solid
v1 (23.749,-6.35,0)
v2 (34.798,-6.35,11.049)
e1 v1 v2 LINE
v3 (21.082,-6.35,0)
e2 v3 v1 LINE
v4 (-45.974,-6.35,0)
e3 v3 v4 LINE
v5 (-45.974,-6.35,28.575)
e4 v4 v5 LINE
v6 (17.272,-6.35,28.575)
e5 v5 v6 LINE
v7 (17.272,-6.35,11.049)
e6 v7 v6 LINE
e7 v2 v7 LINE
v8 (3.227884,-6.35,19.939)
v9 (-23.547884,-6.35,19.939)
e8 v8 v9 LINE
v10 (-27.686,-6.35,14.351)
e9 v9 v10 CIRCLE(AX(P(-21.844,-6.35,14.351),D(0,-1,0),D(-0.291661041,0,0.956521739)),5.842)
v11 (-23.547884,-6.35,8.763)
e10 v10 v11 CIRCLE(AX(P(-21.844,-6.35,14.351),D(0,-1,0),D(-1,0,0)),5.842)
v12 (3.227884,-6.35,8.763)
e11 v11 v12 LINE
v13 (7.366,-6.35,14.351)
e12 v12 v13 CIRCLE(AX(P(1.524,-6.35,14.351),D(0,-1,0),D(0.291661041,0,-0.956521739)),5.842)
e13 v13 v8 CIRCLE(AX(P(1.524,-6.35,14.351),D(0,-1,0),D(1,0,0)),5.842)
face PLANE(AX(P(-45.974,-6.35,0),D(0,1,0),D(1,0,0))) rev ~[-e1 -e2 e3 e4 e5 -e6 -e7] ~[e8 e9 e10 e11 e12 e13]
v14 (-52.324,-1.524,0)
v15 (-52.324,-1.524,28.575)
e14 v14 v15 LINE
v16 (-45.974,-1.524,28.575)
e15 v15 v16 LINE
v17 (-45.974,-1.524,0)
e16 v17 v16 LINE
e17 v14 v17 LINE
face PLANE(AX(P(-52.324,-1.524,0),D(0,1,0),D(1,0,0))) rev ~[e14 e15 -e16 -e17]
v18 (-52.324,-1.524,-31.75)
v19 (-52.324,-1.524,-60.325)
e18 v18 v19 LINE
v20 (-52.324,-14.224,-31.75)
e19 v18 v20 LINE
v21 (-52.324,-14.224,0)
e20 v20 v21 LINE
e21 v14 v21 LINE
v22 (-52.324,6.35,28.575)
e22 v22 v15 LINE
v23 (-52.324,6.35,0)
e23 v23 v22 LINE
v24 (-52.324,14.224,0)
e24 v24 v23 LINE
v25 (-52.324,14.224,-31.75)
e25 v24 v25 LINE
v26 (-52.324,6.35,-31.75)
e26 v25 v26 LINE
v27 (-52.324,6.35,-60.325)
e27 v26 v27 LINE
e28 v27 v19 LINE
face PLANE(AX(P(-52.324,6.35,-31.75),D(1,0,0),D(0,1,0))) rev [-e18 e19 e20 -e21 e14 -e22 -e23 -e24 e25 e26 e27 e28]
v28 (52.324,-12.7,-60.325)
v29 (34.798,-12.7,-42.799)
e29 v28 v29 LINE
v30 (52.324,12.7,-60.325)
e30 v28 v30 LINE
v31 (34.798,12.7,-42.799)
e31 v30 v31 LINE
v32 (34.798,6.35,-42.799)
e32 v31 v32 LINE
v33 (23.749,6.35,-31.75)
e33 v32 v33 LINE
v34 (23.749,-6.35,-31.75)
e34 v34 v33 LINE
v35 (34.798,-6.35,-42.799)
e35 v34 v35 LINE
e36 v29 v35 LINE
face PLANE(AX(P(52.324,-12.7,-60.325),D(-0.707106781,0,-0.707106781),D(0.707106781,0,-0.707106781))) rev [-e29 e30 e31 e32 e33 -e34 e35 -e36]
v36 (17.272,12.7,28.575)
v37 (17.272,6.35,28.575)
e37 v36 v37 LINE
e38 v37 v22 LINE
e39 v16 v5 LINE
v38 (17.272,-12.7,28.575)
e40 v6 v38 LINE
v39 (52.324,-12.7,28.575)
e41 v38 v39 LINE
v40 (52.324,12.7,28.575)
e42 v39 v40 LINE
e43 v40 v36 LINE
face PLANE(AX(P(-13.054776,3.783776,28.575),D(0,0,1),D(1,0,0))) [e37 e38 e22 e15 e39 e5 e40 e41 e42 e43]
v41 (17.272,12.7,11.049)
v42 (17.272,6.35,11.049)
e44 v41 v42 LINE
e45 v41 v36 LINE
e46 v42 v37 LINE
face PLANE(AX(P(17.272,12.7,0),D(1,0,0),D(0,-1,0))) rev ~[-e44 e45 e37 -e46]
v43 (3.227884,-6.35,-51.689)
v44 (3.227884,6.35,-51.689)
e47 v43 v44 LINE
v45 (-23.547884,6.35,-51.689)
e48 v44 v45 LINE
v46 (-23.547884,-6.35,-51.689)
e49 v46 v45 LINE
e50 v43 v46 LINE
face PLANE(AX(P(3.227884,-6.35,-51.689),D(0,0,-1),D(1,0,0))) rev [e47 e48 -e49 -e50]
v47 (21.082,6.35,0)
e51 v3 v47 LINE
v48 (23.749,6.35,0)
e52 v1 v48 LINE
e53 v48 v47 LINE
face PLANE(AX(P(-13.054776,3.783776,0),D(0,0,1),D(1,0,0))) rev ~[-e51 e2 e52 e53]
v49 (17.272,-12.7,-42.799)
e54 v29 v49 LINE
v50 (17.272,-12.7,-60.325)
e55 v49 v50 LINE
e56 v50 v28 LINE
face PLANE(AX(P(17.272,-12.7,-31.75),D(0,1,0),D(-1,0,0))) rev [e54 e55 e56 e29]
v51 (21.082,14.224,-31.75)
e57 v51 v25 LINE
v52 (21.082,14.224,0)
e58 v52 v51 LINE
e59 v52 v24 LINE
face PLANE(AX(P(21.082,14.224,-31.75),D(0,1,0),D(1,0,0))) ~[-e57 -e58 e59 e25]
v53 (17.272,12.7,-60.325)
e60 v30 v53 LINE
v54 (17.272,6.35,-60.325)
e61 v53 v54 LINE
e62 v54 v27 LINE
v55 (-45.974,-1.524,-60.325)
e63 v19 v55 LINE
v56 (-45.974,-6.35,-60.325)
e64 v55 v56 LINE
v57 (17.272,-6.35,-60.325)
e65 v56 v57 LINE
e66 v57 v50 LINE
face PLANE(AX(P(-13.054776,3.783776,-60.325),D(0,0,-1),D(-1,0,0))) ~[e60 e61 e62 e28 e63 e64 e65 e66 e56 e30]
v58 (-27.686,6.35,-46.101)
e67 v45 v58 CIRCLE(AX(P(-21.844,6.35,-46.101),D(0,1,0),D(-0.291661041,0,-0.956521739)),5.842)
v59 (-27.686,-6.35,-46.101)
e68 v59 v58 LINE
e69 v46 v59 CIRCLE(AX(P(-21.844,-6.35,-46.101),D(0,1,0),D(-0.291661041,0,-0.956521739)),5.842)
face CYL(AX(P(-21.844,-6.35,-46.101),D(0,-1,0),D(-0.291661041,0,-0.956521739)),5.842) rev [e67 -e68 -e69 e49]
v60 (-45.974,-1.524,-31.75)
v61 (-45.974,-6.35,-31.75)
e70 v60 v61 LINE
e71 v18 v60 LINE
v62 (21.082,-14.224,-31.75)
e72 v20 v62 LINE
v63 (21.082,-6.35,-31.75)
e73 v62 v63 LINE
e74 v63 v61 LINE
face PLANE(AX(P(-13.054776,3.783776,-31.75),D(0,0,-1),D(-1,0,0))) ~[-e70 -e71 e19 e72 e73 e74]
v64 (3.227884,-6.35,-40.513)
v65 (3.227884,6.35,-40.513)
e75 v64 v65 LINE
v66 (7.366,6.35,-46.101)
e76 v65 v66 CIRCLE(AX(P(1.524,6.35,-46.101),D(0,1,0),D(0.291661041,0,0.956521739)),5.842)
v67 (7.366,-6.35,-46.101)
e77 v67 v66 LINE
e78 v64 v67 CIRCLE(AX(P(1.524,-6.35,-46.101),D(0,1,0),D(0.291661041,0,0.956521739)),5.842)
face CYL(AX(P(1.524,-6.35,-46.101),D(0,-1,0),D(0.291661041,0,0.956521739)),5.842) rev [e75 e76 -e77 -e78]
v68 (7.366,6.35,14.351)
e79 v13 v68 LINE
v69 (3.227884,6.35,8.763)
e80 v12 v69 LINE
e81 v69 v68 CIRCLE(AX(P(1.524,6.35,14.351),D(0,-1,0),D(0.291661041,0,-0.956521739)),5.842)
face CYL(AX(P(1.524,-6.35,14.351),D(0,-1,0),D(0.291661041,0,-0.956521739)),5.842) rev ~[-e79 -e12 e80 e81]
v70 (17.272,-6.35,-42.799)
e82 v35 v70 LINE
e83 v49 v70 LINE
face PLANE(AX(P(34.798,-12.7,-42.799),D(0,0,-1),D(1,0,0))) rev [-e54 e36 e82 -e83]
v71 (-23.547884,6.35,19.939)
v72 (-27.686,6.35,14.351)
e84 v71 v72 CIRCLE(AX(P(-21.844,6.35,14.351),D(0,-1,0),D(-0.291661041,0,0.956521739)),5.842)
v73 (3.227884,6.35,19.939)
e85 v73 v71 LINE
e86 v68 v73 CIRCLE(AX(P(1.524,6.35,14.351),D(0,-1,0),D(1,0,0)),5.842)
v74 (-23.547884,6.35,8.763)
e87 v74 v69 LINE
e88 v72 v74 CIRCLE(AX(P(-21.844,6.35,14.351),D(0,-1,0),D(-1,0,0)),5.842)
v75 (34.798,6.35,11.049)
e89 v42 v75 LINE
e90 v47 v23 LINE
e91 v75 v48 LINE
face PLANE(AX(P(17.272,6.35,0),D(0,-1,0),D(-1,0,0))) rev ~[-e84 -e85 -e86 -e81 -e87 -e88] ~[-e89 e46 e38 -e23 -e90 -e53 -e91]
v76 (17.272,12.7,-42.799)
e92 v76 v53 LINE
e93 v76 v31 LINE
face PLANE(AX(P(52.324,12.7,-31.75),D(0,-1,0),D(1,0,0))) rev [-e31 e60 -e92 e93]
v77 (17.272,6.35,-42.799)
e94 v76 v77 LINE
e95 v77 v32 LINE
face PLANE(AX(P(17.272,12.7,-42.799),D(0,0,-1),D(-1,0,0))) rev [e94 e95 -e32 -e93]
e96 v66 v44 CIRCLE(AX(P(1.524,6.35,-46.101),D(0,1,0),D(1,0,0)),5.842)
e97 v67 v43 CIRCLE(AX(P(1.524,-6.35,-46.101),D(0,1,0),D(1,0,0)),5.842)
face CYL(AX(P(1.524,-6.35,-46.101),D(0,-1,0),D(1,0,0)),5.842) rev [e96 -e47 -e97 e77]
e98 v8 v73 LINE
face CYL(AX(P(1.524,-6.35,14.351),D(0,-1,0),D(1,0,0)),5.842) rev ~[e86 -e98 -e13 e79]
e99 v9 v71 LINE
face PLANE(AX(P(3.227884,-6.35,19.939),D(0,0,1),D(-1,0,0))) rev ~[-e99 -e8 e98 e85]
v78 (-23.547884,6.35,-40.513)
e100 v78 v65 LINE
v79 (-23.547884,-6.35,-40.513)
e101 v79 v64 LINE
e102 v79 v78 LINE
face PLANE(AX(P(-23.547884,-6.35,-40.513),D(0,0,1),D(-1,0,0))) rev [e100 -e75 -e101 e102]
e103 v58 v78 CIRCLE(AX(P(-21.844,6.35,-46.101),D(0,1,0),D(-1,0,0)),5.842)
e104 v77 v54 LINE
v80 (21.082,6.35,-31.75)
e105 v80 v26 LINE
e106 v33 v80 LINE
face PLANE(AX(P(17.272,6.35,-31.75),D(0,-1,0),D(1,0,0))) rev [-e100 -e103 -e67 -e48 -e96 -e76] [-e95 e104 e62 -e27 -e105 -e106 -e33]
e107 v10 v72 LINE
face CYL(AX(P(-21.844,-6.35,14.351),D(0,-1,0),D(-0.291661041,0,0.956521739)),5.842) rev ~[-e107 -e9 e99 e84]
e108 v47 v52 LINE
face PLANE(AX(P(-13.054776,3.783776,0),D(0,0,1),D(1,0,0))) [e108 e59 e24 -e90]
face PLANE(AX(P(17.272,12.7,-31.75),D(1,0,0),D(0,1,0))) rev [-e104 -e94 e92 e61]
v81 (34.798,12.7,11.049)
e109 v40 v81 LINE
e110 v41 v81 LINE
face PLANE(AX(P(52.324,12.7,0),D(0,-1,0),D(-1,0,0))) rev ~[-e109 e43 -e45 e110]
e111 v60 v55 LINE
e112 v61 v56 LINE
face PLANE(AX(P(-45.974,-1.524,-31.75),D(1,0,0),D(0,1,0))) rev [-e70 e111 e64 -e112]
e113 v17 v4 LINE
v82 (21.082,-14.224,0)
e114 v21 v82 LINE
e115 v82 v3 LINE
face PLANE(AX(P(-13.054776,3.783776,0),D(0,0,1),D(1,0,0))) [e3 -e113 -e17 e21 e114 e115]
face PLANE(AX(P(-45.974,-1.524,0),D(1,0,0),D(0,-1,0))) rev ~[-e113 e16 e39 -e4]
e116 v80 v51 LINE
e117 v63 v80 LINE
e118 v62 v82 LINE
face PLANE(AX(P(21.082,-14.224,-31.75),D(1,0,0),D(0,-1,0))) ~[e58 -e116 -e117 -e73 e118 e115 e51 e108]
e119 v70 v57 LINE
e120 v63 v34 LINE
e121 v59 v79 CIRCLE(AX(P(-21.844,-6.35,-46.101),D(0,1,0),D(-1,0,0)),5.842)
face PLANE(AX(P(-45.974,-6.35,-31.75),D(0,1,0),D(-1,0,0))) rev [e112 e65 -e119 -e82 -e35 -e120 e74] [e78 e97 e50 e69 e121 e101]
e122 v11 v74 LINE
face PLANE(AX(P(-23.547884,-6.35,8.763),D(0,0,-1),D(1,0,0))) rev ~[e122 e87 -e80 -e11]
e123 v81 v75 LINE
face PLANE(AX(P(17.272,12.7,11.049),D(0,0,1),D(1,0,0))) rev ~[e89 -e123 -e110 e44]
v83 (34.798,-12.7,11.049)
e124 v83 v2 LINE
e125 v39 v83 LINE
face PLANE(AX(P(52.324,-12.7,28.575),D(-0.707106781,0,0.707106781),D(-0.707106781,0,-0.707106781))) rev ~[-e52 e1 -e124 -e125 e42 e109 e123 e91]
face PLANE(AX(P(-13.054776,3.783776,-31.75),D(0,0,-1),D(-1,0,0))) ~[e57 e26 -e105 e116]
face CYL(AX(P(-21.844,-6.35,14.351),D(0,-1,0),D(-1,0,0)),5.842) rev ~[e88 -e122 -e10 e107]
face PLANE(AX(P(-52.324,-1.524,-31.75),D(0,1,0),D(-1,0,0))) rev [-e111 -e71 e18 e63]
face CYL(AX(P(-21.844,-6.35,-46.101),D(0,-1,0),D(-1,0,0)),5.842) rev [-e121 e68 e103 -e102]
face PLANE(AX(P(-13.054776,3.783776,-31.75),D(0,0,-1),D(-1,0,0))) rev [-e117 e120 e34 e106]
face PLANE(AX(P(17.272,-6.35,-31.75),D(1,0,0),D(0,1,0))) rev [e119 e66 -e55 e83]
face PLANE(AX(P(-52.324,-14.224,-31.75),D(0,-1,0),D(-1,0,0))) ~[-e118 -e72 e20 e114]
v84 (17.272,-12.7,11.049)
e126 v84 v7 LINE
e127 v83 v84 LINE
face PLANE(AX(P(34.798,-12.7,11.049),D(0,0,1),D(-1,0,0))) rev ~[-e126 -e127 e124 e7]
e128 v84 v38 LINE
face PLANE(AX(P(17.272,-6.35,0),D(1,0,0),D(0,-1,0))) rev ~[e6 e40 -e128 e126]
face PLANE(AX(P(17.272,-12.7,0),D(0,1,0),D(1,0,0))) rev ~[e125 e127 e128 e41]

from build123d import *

# Parameters (mm, degrees)
F0_W      = 69.596
F0_H      = 6.35
F1_DEPTH  = 15.875
F2_DEPTH  = 28.575
F4_DEPTH  = 26.925
F6_DEPTH  = 6.35
F8_DEPTH  = 6.35
F10_DEPTH = 50.8


with BuildPart() as f1:
    # F0 (on Top) → F1 (new body)
    with BuildSketch(Plane.XY):
        Polygon((-52.324, 6.35), (-52.324, 0), (21.082, 0), (21.082, 12.7), (17.272, 12.7), (17.272, 6.35), align=None)
        with Locations((-17.526, 9.525)):
            Rectangle(F0_W, F0_H)
        Polygon((-52.324, -1.524), (-52.324, -12.7), (17.272, -12.7), (17.272, -6.35), (-45.974, -6.35), (-45.974, -1.524), align=None)
        Polygon((17.272, -6.35), (17.272, -12.7), (21.082, -12.7), (21.082, 0), (-52.324, 0), (-52.324, -1.524), (-45.974, -1.524), (-45.974, -6.35), align=None)
        Polygon((17.272, -12.7), (-52.324, -12.7), (-52.324, -14.224), (21.082, -14.224), (21.082, -12.7), align=None)
        Polygon((17.272, 12.7), (21.082, 12.7), (21.082, 14.224), (-52.324, 14.224), (-52.324, 12.7), align=None)
    extrude(amount=-F1_DEPTH)

    # F0 (on Top) → F2 (join)
    with BuildSketch(Plane.XY):
        Polygon((-52.324, 6.35), (-52.324, 0), (21.082, 0), (21.082, 12.7), (17.272, 12.7), (17.272, 6.35), align=None)
        Polygon((21.082, 0), (21.082, -12.7), (52.324, -12.7), (52.324, 12.7), (21.082, 12.7), align=None)
        Polygon((17.272, -6.35), (17.272, -12.7), (21.082, -12.7), (21.082, 0), (-52.324, 0), (-52.324, -1.524), (-45.974, -1.524), (-45.974, -6.35), align=None)
    extrude(amount=F2_DEPTH)

    # F3 (on face) → F4 (cut, through all)
    with BuildSketch(Plane.XZ.offset(12.7)):
        Polygon((52.324, 0), (52.324, 28.575), (23.749, 0), align=None)
    extrude(amount=-F4_DEPTH, mode=Mode.SUBTRACT)

    # F5 (on face) → F6 (cut)
    with BuildSketch(Plane.XZ.offset(12.7)):
        Polygon((34.798, 11.049), (17.272, 11.049), (17.272, 0), (21.082, 0), (23.749, 0), align=None)
    extrude(amount=-F6_DEPTH, mode=Mode.SUBTRACT)

    # F7 (on face) → F8 (cut)
    with BuildSketch(Plane(origin=(0, 12.7, 0), x_dir=(-1, 0, 0), z_dir=(0, 1, 0))):
        Polygon((-17.272, 0), (-17.272, 11.049), (-34.798, 11.049), (-23.749, 0), (-21.082, 0), align=None)
    extrude(amount=-F8_DEPTH, mode=Mode.SUBTRACT)

    # F9 (on face) → F10 (cut)
    with BuildSketch(Plane.XZ.offset(6.35)):
        with BuildLine():
            ThreePointArc((-23.5478837989, 19.939), (-26.5388404208, 17.8276992138), (-27.686, 14.351))
            Line((-27.686, 14.351), (-21.844, 14.351))
            Line((-21.844, 14.351), (-16.002, 14.351))
            ThreePointArc((-16.002, 14.351), (-17.1491595792, 17.8276992138), (-20.1401162011, 19.939))
            Line((-20.1401162011, 19.939), (-23.5478837989, 19.939))
        make_face()
        with BuildLine():
            Line((-21.844, 14.351), (-27.686, 14.351))
            ThreePointArc((-27.686, 14.351), (-26.5388404208, 10.8743007862), (-23.5478837989, 8.763))
            Line((-23.5478837989, 8.763), (-20.1401162011, 8.763))
            ThreePointArc((-20.1401162011, 8.763), (-17.1491595792, 10.8743007862), (-16.002, 14.351))
            Line((-16.002, 14.351), (-21.844, 14.351))
        make_face()
        with BuildLine():
            ThreePointArc((-20.1401162011, 19.939), (-17.1491595792, 17.8276992138), (-16.002, 14.351))
            Line((-16.002, 14.351), (-4.318, 14.351))
            ThreePointArc((-4.318, 14.351), (-3.1708404208, 17.8276992138), (-0.1798837989, 19.939))
            Line((-0.1798837989, 19.939), (-20.1401162011, 19.939))
        make_face()
        with BuildLine():
            Line((-4.318, 14.351), (-16.002, 14.351))
            ThreePointArc((-16.002, 14.351), (-17.1491595792, 10.8743007862), (-20.1401162011, 8.763))
            Line((-20.1401162011, 8.763), (-0.1798837989, 8.763))
            ThreePointArc((-0.1798837989, 8.763), (-3.1708404208, 10.8743007862), (-4.318, 14.351))
        make_face()
        with BuildLine():
            ThreePointArc((-0.1798837989, 19.939), (-3.1708404208, 17.8276992138), (-4.318, 14.351))
            Line((-4.318, 14.351), (1.524, 14.351))
            Line((1.524, 14.351), (7.366, 14.351))
            ThreePointArc((7.366, 14.351), (6.2188404208, 17.8276992138), (3.2278837989, 19.939))
            Line((3.2278837989, 19.939), (-0.1798837989, 19.939))
        make_face()
        with BuildLine():
            Line((1.524, 14.351), (-4.318, 14.351))
            ThreePointArc((-4.318, 14.351), (-3.1708404208, 10.8743007862), (-0.1798837989, 8.763))
            Line((-0.1798837989, 8.763), (3.2278837989, 8.763))
            ThreePointArc((3.2278837989, 8.763), (6.2188404208, 10.8743007862), (7.366, 14.351))
            Line((7.366, 14.351), (1.524, 14.351))
        make_face()
    extrude(amount=-F10_DEPTH, mode=Mode.SUBTRACT)

    # F11: F1 across face


with BuildPart() as f1_1:
    add(f1.part)
    add(f1.part.mirror(Plane(origin=(-15.621, 0, -15.875), x_dir=(1, 0, 0), z_dir=(0, 0, -1))))


solid = f1_1.part
